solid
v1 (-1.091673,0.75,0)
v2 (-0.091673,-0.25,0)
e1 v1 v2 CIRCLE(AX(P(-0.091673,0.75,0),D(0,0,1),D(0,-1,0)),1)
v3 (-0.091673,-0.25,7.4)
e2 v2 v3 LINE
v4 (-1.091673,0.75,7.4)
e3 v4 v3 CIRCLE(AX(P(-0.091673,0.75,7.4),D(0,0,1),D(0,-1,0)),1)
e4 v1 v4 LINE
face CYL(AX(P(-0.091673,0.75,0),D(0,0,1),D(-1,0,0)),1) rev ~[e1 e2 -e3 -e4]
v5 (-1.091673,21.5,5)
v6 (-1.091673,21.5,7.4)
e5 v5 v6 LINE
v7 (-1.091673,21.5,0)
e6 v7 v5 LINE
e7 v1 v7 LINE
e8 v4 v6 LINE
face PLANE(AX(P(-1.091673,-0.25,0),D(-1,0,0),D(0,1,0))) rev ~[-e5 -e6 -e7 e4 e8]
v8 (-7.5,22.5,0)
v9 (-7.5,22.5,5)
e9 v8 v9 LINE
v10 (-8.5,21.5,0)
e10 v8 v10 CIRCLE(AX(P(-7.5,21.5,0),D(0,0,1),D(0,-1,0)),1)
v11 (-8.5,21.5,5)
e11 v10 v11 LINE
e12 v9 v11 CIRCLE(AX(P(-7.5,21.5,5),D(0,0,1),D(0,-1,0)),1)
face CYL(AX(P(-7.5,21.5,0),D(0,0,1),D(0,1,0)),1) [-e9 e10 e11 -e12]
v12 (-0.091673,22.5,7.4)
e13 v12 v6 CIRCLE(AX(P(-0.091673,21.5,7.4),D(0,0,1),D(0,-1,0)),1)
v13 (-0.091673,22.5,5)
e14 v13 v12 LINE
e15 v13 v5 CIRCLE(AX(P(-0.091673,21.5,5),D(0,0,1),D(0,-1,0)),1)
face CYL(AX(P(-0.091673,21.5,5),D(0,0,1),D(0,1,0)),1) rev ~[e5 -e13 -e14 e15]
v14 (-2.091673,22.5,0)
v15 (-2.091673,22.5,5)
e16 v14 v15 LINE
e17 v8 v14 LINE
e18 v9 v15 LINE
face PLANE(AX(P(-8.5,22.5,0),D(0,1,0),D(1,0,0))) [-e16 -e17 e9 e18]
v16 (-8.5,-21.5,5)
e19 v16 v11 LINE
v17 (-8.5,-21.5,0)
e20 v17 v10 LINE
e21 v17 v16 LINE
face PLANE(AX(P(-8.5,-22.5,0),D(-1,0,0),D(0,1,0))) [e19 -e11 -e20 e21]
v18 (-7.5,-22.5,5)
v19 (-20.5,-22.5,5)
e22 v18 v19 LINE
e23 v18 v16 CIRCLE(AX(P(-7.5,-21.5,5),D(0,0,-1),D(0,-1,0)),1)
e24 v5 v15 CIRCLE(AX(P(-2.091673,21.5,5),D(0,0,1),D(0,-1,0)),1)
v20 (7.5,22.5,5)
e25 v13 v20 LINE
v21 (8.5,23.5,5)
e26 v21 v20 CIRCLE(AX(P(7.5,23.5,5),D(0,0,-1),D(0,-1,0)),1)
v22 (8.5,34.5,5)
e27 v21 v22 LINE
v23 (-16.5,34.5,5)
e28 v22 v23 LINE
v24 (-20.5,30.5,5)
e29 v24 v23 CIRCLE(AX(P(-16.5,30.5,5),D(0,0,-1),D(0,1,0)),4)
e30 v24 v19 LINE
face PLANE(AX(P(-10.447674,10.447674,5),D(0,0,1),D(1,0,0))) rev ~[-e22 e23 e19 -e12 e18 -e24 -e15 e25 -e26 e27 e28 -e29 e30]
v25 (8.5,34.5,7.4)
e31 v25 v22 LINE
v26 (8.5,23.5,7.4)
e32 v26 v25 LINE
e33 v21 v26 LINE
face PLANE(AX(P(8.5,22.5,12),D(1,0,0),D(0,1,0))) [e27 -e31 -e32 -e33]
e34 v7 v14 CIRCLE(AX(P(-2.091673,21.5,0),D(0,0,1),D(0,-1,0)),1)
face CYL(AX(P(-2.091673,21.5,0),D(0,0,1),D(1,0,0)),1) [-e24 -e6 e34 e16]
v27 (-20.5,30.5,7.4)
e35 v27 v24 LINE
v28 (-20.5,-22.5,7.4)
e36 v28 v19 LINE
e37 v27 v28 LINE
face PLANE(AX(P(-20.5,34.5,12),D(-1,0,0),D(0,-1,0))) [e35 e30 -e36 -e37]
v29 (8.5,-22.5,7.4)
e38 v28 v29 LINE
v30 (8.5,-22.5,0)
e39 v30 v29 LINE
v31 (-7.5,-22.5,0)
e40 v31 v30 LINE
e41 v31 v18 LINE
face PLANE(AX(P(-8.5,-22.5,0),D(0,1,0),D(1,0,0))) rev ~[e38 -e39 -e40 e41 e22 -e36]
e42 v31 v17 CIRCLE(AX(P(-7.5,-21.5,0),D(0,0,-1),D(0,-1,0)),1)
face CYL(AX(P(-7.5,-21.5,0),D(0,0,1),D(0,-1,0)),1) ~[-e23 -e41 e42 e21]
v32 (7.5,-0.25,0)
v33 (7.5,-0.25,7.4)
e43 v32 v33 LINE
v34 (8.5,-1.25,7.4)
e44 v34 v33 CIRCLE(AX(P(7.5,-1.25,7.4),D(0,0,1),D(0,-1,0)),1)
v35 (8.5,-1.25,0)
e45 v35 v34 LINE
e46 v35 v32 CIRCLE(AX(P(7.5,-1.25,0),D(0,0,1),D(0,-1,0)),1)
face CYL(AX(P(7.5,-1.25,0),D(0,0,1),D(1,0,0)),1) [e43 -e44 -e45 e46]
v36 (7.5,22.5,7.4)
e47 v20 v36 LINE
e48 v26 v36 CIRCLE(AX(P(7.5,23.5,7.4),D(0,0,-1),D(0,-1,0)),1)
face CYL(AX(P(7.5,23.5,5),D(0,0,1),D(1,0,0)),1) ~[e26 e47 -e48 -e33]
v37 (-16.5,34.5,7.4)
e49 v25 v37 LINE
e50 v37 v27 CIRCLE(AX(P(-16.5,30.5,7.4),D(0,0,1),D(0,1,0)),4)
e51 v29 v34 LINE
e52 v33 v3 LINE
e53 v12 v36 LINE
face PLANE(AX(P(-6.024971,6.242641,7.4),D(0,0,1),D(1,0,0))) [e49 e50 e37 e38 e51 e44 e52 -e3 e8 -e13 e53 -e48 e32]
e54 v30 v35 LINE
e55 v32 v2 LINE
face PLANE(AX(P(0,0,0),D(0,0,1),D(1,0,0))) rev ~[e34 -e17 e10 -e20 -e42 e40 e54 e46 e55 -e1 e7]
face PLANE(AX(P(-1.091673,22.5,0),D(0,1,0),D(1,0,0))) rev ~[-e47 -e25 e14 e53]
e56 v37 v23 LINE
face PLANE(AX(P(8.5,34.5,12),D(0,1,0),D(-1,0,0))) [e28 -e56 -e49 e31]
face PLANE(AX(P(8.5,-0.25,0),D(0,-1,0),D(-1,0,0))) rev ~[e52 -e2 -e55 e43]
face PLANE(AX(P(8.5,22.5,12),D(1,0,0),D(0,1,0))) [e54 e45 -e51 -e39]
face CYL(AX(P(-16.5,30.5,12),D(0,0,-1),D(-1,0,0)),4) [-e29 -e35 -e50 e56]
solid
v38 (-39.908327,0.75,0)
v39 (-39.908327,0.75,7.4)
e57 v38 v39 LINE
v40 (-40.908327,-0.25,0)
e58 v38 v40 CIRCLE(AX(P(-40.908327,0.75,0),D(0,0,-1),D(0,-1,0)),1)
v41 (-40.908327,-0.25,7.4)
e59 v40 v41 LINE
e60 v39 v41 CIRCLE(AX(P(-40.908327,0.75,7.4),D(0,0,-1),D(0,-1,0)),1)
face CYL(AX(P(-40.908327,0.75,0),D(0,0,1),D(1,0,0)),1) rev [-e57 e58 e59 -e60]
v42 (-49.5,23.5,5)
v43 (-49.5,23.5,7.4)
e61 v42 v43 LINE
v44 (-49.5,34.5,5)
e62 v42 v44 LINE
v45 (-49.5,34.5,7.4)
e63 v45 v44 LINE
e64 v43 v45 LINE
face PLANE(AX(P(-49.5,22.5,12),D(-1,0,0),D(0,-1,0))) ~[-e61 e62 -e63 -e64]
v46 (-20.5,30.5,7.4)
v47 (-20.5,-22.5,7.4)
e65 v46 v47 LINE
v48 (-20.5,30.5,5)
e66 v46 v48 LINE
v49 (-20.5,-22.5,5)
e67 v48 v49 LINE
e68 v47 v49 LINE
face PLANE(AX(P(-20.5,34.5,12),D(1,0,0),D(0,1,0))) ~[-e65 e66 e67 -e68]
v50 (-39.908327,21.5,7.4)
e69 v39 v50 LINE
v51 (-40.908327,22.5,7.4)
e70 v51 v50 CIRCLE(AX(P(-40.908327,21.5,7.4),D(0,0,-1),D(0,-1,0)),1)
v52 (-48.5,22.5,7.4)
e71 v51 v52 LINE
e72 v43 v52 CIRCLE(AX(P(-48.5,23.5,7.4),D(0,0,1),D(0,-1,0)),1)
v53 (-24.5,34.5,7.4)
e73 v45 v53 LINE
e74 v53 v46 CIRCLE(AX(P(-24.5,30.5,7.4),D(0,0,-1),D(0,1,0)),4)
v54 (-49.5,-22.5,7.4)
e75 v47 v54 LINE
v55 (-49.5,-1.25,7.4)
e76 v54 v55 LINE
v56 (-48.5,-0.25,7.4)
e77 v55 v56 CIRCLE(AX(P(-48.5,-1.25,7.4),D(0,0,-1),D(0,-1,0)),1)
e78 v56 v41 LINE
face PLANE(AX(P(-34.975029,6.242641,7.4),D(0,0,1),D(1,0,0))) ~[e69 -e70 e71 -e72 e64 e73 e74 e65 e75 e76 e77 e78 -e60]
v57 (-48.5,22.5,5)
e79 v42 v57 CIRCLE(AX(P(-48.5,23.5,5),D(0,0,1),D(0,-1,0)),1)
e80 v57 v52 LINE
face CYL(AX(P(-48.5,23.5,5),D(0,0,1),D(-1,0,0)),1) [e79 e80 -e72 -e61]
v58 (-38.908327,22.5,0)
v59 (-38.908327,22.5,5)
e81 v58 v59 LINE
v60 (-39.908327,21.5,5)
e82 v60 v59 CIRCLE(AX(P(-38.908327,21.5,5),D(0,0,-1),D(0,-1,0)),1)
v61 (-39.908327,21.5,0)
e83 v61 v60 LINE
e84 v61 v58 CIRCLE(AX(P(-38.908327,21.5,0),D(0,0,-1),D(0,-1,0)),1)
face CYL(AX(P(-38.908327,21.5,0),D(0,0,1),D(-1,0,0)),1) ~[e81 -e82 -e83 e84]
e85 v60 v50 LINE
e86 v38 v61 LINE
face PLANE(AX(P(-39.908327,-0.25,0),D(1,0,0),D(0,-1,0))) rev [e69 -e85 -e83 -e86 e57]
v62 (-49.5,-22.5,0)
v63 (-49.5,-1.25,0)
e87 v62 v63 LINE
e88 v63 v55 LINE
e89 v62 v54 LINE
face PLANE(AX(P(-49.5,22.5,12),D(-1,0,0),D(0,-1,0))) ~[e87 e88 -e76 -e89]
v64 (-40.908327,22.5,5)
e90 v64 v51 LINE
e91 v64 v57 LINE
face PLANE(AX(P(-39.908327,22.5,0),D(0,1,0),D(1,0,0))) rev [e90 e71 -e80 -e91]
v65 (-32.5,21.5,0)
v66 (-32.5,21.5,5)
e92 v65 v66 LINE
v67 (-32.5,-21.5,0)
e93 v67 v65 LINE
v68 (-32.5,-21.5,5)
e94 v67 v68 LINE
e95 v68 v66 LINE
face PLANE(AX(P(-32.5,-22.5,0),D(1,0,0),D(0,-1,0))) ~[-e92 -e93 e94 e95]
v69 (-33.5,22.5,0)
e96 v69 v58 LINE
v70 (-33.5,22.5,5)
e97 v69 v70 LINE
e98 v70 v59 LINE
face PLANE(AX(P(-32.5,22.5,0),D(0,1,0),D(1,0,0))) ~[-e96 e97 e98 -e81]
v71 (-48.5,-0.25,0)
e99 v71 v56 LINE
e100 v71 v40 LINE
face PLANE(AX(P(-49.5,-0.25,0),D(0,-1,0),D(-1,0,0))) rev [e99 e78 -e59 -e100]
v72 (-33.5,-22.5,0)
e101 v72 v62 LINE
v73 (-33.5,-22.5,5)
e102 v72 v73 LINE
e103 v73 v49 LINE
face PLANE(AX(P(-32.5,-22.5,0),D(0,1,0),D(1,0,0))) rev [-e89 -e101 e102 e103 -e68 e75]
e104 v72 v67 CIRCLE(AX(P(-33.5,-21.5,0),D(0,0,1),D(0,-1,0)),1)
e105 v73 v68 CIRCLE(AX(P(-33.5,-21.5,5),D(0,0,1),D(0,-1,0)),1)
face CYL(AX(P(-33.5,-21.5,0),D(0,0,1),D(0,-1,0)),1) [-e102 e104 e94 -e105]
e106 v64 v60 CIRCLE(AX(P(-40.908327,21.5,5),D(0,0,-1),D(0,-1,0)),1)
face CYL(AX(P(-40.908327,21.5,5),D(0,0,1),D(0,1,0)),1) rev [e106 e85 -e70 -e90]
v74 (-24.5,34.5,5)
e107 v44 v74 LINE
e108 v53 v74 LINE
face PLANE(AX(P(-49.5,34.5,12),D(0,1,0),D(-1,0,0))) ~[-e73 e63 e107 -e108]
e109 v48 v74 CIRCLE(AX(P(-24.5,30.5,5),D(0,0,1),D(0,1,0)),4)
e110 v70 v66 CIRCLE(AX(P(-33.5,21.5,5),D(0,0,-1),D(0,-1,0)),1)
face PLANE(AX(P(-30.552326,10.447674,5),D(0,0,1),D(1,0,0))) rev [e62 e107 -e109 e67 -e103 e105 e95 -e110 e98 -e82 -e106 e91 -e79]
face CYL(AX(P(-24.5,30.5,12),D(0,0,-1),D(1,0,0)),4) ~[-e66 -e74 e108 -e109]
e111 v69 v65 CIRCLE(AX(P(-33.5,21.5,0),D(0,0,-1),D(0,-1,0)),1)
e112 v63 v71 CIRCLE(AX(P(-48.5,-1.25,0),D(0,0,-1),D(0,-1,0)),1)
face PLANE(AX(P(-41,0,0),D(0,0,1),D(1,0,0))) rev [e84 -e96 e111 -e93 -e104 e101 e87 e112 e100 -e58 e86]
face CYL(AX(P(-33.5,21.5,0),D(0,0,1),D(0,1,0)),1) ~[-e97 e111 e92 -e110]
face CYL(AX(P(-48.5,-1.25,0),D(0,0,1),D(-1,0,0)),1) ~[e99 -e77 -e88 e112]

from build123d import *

# Parameters (mm, degrees)
SKETCH1_W           = 17
SKETCH1_H           = 45
BOSS_EXTRUDE1_DEPTH = 12
BOSS_EXTRUDE2_DEPTH = 7
FILLET1_R           = 4
CUT_EXTRUDE1_DEPTH  = 42.886752082
CUT_EXTRUDE2_START  = -4.6
CUT_EXTRUDE2_DEPTH  = 4.6
FILLET2_R           = 1
FILLET3_R           = 1


with BuildPart() as part:
    # Sketch1 → Boss-Extrude1 (new body)
    with BuildSketch(Plane.XY):
        Rectangle(SKETCH1_W, SKETCH1_H)
    extrude(amount=BOSS_EXTRUDE1_DEPTH)

    # Sketch2 → Boss-Extrude2 (add)
    with BuildSketch(Plane.XY.offset(12)):
        Polygon((-8.5, -22.5), (-8.5, 22.5), (8.5, 22.5), (8.5, 34.5), (-20.5, 34.5), (-20.5, -22.5), align=None)
    extrude(amount=-BOSS_EXTRUDE2_DEPTH)

    # Fillet1
    fillet1_edges = [part.edges().sort_by_distance(p)[0] for p in [
        (-20.5, 34.5, 8.5),
    ]]
    fillet(fillet1_edges, radius=FILLET1_R)

    # Sketch3 → Cut-Extrude1 (cut, through all)
    with BuildSketch(Plane(origin=(0, 0, 0), x_dir=(-1, 0, 0), z_dir=(0, 0, -1))):
        Polygon((-2.5, -0.25), (1.091673087, -0.25), (1.091673087, 22.5), (-8.5, 22.5), (-8.5, -0.25), (-3.5, -0.25), align=None)
    extrude(amount=-CUT_EXTRUDE1_DEPTH, mode=Mode.SUBTRACT)

    # Sketch4 → Cut-Extrude2 (cut)
    with BuildSketch(Plane.XY.offset(12).offset(CUT_EXTRUDE2_START)):
        with BuildLine():
            Line((-1.091673087, -0.25), (-1.091673087, 22.5))
            Line((-1.091673087, 22.5), (8.5, 22.5))
            Line((8.5, 22.5), (8.5, 34.5))
            Line((8.5, 34.5), (-16.5, 34.5))
            ThreePointArc((-16.5, 34.5), (-19.328427125, 33.328427125), (-20.5, 30.5))
            Line((-20.5, 30.5), (-20.5, -22.5))
            Line((-20.5, -22.5), (8.5, -22.5))
            Line((8.5, -22.5), (8.5, -0.25))
            Line((8.5, -0.25), (-1.091673087, -0.25))
        make_face()
    extrude(amount=CUT_EXTRUDE2_DEPTH, mode=Mode.SUBTRACT)

    # Fillet2
    fillet2_edges = [part.edges().sort_by_distance(p)[0] for p in [
        (-1.091673087, -0.25, 3.7),
        (8.5, -0.25, 3.7),
        (-1.091673087, 22.5, 6.2),
        (8.5, 22.5, 6.2),
    ]]
    fillet(fillet2_edges, radius=FILLET2_R)

    # Fillet3
    fillet3_edges = [part.edges().sort_by_distance(p)[0] for p in [
        (-8.5, -22.5, 2.5),
        (-1.091673087, 22.5, 2.5),
        (-8.5, 22.5, 2.5),
    ]]
    fillet(fillet3_edges, radius=FILLET3_R)


with BuildPart() as body_2:
    # Mirror1: mirrored copy
    add(part.part.mirror(Plane(origin=(-20.5, 34.5, 5), x_dir=(0, 0, 1), z_dir=(-1, 0, 0))))


solid = Compound([part.part, body_2.part])
